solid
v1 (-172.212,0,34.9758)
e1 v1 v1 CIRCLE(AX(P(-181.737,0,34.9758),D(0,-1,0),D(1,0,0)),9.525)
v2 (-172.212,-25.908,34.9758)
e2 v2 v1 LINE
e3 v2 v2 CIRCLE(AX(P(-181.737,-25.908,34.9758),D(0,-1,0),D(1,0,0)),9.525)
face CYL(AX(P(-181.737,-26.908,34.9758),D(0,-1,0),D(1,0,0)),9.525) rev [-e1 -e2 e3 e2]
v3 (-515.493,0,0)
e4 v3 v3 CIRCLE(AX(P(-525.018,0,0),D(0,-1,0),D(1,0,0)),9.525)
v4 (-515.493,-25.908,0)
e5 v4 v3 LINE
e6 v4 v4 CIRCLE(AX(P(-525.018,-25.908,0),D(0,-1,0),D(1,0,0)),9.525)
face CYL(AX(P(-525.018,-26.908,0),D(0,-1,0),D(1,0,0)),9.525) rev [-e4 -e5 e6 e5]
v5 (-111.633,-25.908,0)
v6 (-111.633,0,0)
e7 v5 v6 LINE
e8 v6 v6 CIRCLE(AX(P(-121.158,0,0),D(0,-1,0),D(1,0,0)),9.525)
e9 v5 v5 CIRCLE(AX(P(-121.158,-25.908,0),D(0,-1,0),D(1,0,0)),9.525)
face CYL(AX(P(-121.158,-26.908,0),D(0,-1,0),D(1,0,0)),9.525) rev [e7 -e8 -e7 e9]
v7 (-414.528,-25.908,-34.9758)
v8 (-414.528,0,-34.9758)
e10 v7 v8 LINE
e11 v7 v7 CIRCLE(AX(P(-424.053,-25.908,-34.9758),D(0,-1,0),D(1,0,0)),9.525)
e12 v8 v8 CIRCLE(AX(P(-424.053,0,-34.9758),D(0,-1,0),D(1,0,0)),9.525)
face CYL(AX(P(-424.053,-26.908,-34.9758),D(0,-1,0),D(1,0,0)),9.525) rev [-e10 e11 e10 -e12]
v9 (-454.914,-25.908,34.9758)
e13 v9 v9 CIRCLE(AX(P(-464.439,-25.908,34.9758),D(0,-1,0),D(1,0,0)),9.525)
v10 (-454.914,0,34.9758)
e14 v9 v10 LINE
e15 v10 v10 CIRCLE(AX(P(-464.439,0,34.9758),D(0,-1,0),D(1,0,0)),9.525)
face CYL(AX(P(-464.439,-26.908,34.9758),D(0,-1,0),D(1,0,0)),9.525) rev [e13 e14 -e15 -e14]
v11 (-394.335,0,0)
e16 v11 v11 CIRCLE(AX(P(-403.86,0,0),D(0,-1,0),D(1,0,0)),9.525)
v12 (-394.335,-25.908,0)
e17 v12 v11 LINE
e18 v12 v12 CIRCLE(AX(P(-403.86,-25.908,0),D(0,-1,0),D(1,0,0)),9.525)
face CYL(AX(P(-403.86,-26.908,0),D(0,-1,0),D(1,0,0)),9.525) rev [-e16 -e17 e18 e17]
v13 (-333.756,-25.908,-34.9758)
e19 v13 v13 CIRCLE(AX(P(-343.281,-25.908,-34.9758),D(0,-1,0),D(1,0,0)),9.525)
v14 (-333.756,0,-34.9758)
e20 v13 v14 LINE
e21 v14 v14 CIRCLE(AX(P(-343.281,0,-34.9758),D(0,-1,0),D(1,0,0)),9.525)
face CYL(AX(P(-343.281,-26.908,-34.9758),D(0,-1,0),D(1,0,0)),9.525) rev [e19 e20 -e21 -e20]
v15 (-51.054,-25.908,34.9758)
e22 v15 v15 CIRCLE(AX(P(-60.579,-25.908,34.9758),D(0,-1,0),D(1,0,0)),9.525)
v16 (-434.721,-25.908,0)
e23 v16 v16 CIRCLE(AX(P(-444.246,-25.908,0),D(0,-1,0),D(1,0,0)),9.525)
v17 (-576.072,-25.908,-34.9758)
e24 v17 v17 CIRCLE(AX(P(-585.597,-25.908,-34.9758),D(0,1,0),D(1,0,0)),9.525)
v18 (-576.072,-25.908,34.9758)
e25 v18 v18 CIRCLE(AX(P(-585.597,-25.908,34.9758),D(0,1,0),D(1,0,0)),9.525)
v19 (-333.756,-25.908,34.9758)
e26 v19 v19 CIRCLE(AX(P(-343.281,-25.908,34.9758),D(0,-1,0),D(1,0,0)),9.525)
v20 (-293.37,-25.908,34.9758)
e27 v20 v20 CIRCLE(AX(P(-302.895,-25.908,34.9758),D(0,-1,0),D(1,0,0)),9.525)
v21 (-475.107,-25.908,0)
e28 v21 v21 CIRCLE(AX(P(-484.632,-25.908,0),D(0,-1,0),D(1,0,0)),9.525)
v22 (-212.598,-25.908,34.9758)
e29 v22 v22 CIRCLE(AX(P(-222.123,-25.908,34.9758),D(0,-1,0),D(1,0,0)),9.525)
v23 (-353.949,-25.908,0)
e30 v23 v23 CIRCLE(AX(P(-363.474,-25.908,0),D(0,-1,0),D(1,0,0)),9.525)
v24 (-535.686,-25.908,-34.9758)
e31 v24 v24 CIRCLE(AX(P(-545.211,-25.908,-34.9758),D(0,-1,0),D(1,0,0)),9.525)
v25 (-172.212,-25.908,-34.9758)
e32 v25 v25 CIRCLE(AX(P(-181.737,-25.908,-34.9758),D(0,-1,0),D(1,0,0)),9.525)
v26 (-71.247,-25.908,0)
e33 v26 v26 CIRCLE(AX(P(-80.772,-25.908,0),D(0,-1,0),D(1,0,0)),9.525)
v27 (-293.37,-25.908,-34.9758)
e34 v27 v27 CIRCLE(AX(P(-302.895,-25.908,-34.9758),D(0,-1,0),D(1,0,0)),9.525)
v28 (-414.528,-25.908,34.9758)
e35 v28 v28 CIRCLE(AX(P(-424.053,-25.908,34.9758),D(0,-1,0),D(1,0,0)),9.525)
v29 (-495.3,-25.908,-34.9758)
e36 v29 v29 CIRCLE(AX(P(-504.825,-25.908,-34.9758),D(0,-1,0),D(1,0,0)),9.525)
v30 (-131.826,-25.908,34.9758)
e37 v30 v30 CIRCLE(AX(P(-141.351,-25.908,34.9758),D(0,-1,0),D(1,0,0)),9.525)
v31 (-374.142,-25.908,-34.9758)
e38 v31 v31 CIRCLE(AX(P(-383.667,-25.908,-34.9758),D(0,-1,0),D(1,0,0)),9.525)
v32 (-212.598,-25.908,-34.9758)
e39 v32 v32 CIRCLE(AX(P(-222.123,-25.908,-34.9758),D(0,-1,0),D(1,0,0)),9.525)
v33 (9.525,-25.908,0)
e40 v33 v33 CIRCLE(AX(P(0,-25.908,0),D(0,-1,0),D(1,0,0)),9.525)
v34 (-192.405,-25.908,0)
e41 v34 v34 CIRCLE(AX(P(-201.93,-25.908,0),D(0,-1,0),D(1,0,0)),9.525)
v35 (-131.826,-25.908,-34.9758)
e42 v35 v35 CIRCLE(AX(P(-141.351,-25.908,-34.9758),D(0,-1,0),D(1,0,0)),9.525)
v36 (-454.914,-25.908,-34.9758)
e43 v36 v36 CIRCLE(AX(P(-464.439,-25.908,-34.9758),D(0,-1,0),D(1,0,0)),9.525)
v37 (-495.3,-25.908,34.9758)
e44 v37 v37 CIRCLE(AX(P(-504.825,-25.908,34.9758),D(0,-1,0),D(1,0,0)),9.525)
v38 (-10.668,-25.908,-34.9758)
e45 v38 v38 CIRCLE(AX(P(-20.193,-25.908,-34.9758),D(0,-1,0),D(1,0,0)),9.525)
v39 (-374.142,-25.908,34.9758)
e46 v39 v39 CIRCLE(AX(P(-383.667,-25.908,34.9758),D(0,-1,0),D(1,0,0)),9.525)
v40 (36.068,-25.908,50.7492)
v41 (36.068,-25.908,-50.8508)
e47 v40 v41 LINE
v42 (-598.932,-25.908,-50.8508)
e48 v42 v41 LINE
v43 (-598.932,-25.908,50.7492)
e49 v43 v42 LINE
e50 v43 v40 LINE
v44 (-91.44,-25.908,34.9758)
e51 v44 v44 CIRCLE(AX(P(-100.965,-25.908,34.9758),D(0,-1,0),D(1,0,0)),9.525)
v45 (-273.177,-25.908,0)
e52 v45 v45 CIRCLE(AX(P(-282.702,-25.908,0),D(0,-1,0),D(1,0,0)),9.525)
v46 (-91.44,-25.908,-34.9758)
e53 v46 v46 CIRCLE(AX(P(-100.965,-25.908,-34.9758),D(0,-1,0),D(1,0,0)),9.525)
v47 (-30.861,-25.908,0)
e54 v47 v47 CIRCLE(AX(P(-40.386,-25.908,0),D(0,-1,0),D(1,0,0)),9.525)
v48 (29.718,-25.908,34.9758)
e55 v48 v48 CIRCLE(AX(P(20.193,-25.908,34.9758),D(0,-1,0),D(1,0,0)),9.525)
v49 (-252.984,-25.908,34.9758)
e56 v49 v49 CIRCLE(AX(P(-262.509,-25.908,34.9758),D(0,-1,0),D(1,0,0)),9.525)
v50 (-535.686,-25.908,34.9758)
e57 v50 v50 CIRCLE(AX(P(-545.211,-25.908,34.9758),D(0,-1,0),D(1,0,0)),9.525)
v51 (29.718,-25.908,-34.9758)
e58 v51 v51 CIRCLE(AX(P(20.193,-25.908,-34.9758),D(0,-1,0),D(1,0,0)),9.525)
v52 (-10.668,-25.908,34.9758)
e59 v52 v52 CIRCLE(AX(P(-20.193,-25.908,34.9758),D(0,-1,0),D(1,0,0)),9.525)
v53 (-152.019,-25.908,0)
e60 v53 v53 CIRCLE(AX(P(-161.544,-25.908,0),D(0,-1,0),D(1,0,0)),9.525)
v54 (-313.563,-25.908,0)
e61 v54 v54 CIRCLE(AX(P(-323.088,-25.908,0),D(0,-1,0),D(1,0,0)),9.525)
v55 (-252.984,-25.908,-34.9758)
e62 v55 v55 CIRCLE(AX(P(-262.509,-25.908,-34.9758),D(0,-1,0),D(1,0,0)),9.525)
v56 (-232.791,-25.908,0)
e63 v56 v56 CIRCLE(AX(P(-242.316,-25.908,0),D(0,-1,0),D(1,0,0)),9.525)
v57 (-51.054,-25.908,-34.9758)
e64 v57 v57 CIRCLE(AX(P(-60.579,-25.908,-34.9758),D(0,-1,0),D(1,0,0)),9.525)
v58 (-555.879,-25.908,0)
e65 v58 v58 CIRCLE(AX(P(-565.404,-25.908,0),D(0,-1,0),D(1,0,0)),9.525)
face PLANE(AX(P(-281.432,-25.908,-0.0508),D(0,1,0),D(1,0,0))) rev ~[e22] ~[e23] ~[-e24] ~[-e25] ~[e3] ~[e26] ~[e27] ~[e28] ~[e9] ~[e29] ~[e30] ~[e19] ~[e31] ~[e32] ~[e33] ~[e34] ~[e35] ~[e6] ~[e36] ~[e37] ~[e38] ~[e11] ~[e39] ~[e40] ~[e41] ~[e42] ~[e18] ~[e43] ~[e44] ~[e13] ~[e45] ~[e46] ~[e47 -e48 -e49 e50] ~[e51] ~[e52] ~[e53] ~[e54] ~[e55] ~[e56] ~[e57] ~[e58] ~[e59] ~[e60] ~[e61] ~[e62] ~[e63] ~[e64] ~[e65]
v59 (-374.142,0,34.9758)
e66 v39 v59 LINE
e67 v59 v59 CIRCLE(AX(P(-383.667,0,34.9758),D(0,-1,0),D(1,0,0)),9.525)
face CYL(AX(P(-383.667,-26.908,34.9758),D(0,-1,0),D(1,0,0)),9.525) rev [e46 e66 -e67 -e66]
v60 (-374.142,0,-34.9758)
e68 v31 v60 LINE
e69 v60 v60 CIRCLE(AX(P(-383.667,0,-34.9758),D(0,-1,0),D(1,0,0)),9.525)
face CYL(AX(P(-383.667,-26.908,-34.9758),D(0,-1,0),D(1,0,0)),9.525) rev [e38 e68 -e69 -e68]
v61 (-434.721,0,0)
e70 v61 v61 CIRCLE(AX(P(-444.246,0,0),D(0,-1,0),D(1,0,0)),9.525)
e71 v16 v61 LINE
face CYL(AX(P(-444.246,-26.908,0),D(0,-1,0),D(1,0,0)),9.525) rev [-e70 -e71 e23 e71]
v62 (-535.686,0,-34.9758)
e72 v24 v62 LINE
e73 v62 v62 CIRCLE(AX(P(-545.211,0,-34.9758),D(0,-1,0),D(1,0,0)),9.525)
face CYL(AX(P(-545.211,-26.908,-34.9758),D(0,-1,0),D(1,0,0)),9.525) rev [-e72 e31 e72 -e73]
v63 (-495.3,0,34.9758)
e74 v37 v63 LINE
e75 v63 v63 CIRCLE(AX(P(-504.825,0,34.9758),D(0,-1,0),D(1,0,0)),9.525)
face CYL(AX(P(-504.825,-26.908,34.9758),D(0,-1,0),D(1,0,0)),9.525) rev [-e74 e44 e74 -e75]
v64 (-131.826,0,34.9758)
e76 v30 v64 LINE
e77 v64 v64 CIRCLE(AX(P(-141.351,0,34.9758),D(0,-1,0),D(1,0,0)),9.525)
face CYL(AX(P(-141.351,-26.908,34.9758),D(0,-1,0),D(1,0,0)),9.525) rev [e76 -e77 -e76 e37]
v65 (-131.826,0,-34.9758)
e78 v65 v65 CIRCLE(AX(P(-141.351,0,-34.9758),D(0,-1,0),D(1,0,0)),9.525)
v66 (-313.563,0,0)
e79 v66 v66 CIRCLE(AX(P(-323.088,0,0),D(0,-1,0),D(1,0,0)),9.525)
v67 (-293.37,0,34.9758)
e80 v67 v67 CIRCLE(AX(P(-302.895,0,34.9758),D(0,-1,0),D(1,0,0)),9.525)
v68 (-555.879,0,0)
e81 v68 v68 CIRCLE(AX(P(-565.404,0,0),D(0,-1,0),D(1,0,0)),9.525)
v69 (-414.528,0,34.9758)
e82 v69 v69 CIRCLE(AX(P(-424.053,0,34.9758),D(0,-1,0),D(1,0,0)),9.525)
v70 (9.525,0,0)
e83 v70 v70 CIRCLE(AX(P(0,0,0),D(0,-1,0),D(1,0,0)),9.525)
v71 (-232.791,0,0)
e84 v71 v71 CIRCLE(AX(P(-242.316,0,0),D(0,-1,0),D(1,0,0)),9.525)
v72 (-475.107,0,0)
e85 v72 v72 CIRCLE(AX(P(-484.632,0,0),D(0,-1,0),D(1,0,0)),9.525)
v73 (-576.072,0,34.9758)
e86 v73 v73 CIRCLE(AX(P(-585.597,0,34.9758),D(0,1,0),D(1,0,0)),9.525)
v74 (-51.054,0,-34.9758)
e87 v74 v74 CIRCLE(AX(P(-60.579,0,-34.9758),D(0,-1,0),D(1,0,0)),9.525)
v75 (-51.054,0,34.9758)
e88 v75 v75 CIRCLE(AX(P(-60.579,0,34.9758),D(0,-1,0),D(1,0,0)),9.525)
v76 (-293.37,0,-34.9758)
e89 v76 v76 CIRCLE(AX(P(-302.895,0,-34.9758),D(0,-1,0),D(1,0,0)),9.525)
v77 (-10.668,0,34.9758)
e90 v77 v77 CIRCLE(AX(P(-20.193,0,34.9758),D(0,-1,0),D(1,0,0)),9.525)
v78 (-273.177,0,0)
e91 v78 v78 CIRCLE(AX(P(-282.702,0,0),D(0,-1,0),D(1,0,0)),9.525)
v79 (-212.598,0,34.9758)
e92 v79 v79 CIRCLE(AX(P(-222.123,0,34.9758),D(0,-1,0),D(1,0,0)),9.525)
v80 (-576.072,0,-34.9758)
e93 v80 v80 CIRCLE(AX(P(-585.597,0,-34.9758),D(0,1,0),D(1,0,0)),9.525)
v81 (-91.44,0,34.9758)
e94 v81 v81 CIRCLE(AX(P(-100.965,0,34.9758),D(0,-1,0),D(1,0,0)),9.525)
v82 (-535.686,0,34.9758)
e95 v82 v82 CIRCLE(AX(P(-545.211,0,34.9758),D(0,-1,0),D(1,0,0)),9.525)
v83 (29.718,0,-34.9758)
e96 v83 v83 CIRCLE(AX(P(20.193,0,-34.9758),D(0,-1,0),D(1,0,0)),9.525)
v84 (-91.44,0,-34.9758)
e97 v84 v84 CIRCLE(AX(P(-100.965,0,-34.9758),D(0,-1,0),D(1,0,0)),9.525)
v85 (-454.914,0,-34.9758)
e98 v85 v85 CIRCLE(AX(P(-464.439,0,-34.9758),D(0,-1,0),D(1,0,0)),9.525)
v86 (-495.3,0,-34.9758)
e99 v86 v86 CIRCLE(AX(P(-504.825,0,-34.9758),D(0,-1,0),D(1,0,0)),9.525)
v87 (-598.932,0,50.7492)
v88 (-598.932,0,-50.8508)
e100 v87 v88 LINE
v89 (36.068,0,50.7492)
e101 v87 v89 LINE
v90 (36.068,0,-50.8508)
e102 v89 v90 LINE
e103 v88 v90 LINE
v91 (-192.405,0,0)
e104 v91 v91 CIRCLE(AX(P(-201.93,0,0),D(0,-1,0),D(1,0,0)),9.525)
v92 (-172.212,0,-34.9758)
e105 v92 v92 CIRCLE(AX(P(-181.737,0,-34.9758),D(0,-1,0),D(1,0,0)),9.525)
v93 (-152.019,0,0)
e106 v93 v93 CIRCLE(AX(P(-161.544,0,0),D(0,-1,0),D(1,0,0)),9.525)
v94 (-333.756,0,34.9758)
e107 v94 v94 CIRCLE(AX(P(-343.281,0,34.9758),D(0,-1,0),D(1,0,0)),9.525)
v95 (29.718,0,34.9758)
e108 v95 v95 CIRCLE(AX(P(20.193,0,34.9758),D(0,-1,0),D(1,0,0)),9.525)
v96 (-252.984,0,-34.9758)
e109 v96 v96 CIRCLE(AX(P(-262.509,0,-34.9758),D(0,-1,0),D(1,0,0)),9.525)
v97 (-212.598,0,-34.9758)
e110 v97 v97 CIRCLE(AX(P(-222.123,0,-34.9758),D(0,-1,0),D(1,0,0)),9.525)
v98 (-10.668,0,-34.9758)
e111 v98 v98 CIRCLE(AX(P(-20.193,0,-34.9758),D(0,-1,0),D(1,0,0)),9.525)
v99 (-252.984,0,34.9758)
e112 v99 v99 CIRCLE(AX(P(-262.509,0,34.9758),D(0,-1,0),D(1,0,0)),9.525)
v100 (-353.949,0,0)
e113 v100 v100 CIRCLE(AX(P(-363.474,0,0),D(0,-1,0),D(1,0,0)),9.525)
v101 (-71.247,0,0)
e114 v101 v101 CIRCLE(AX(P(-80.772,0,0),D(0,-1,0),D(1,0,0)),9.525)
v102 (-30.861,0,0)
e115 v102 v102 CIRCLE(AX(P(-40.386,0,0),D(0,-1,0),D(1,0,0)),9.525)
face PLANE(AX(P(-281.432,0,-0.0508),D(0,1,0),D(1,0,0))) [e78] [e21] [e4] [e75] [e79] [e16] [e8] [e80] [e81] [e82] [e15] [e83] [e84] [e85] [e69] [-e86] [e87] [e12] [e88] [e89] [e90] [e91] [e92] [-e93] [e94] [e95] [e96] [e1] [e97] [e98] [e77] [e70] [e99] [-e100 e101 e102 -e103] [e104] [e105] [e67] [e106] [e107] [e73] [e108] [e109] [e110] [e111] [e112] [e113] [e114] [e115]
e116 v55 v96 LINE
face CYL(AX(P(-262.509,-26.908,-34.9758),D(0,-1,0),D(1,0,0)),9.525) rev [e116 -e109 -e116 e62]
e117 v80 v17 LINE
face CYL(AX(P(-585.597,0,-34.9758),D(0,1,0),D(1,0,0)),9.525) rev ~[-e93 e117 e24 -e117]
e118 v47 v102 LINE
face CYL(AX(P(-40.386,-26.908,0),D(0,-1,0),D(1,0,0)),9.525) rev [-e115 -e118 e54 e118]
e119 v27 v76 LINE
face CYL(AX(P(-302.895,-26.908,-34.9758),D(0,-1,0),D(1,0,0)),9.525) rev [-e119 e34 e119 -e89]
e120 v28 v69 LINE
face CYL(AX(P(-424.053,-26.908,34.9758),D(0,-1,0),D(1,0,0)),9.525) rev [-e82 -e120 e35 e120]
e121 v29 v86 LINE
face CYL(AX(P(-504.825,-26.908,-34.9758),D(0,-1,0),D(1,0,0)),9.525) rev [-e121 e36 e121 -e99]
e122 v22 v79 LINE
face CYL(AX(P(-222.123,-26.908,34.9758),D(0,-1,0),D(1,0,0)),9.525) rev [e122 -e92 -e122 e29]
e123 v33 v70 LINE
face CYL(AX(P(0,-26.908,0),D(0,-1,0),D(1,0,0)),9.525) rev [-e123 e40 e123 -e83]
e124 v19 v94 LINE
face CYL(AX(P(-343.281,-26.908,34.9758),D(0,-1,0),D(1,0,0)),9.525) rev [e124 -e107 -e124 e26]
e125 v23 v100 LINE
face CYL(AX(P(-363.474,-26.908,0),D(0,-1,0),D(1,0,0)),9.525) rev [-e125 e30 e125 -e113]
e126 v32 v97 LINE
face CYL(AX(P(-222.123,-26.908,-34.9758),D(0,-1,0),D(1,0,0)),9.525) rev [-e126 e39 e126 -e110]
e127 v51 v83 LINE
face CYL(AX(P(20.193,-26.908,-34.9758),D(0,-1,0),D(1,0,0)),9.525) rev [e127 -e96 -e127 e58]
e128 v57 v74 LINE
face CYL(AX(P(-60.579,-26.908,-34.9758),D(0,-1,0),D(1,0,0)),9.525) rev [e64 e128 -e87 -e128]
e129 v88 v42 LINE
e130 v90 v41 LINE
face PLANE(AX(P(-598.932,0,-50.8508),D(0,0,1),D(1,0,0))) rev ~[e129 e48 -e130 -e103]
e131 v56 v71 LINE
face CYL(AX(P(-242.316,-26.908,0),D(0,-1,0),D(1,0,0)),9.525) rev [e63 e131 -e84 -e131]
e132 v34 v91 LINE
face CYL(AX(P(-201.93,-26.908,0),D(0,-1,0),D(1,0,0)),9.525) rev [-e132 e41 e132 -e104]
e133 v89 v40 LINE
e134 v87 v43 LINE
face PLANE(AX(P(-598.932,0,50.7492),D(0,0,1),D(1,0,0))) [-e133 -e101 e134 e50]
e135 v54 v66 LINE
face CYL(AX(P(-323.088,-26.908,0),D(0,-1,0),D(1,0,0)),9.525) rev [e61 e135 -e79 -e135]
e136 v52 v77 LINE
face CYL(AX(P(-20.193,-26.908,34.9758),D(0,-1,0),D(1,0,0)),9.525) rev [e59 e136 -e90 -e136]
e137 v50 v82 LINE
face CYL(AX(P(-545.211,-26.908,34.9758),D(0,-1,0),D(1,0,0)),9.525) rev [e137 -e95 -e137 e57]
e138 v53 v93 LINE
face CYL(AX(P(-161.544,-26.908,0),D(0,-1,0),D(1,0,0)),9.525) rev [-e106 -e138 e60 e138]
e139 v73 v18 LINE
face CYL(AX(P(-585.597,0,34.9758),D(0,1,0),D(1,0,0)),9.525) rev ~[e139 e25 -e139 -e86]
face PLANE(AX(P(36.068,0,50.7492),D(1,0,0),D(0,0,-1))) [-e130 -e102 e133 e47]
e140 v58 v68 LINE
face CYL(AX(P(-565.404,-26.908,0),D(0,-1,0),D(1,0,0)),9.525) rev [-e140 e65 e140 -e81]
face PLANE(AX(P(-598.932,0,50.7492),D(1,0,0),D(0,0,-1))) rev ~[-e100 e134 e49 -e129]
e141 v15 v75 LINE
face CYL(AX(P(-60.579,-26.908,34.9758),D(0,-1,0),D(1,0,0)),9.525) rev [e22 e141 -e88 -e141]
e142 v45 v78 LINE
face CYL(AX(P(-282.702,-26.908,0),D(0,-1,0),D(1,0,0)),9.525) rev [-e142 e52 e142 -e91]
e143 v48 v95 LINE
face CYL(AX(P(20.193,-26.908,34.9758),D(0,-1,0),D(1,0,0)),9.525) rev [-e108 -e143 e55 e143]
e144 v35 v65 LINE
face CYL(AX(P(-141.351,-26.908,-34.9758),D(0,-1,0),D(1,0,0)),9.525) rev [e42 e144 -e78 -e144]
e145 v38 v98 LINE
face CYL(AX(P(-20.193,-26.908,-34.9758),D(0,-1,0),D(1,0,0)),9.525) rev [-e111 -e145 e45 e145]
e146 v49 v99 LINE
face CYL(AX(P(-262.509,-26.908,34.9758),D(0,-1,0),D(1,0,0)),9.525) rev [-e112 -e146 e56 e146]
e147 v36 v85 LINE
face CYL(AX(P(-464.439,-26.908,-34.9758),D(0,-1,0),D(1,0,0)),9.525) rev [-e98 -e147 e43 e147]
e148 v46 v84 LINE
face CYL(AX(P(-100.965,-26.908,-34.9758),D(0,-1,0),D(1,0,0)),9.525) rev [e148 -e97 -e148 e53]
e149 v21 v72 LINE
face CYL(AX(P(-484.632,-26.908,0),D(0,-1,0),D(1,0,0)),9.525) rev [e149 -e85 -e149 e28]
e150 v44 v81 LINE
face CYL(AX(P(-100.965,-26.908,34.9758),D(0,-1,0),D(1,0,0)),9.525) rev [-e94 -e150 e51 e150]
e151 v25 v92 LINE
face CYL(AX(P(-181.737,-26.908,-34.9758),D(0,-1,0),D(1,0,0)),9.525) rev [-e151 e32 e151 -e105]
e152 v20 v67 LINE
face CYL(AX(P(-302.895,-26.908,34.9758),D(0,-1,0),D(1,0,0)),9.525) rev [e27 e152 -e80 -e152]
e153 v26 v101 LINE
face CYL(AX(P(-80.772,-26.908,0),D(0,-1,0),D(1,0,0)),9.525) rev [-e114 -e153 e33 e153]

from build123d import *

# Parameters (mm, degrees)
SKETCH1_W               = 635
SKETCH1_H               = 101.6
BOSS_EXTRUDE1_DEPTH     = 25.908
CUT_EXTRUDE1_START      = -26.908
SKETCH1_3_R             = 9.525
CUT_EXTRUDE1_DEPTH      = 27.908
LPATTERN1_COUNT         = 15
LPATTERN1_PITCH         = 40.386
SKETCH2_R               = 9.525
CUT_EXTRUDE2_DEPTH      = 1
CUT_EXTRUDE2_DEPTH_BACK = 26.908


with BuildPart() as part:
    # Sketch1 → Boss-Extrude1 (new body)
    with BuildSketch(Plane(origin=(0, 0, 0), x_dir=(1, 0, 0), z_dir=(0, 1, 0))):
        with Locations((-281.432, 0.0508)):
            Rectangle(SKETCH1_W, SKETCH1_H)
    extrude(amount=-BOSS_EXTRUDE1_DEPTH)

    # Sketch1<3> → Cut-Extrude1 (cut)
    with BuildSketch(Plane(origin=(0, 0, 0), x_dir=(1, 0, 0), z_dir=(0, 1, 0)).offset(CUT_EXTRUDE1_START)):
        Circle(SKETCH1_3_R)
        with Locations((20.193, 34.9758)):
            Circle(SKETCH1_3_R)
        with Locations((20.193, -34.9758)):
            Circle(SKETCH1_3_R)
    cut_extrude1 = extrude(amount=CUT_EXTRUDE1_DEPTH, mode=Mode.SUBTRACT)

    # LPattern1: Cut-Extrude1 ×15
    with Locations(*[(-i * LPATTERN1_PITCH, 0, 0) for i in range(1, LPATTERN1_COUNT)]):
        add(cut_extrude1, mode=Mode.SUBTRACT)

    # Sketch2 → Cut-Extrude2 (cut, two sides)
    with BuildSketch(Plane(origin=(0, 0, 0), x_dir=(1, 0, 0), z_dir=(0, 1, 0))) as cut_extrude2_sk:
        with Locations((-585.597, 34.9758)):
            Circle(SKETCH2_R)
        with Locations((-585.597, -34.9758)):
            Circle(SKETCH2_R)
    extrude(amount=CUT_EXTRUDE2_DEPTH, mode=Mode.SUBTRACT)
    extrude(cut_extrude2_sk.sketch, amount=-CUT_EXTRUDE2_DEPTH_BACK, mode=Mode.SUBTRACT)


solid = part.part
